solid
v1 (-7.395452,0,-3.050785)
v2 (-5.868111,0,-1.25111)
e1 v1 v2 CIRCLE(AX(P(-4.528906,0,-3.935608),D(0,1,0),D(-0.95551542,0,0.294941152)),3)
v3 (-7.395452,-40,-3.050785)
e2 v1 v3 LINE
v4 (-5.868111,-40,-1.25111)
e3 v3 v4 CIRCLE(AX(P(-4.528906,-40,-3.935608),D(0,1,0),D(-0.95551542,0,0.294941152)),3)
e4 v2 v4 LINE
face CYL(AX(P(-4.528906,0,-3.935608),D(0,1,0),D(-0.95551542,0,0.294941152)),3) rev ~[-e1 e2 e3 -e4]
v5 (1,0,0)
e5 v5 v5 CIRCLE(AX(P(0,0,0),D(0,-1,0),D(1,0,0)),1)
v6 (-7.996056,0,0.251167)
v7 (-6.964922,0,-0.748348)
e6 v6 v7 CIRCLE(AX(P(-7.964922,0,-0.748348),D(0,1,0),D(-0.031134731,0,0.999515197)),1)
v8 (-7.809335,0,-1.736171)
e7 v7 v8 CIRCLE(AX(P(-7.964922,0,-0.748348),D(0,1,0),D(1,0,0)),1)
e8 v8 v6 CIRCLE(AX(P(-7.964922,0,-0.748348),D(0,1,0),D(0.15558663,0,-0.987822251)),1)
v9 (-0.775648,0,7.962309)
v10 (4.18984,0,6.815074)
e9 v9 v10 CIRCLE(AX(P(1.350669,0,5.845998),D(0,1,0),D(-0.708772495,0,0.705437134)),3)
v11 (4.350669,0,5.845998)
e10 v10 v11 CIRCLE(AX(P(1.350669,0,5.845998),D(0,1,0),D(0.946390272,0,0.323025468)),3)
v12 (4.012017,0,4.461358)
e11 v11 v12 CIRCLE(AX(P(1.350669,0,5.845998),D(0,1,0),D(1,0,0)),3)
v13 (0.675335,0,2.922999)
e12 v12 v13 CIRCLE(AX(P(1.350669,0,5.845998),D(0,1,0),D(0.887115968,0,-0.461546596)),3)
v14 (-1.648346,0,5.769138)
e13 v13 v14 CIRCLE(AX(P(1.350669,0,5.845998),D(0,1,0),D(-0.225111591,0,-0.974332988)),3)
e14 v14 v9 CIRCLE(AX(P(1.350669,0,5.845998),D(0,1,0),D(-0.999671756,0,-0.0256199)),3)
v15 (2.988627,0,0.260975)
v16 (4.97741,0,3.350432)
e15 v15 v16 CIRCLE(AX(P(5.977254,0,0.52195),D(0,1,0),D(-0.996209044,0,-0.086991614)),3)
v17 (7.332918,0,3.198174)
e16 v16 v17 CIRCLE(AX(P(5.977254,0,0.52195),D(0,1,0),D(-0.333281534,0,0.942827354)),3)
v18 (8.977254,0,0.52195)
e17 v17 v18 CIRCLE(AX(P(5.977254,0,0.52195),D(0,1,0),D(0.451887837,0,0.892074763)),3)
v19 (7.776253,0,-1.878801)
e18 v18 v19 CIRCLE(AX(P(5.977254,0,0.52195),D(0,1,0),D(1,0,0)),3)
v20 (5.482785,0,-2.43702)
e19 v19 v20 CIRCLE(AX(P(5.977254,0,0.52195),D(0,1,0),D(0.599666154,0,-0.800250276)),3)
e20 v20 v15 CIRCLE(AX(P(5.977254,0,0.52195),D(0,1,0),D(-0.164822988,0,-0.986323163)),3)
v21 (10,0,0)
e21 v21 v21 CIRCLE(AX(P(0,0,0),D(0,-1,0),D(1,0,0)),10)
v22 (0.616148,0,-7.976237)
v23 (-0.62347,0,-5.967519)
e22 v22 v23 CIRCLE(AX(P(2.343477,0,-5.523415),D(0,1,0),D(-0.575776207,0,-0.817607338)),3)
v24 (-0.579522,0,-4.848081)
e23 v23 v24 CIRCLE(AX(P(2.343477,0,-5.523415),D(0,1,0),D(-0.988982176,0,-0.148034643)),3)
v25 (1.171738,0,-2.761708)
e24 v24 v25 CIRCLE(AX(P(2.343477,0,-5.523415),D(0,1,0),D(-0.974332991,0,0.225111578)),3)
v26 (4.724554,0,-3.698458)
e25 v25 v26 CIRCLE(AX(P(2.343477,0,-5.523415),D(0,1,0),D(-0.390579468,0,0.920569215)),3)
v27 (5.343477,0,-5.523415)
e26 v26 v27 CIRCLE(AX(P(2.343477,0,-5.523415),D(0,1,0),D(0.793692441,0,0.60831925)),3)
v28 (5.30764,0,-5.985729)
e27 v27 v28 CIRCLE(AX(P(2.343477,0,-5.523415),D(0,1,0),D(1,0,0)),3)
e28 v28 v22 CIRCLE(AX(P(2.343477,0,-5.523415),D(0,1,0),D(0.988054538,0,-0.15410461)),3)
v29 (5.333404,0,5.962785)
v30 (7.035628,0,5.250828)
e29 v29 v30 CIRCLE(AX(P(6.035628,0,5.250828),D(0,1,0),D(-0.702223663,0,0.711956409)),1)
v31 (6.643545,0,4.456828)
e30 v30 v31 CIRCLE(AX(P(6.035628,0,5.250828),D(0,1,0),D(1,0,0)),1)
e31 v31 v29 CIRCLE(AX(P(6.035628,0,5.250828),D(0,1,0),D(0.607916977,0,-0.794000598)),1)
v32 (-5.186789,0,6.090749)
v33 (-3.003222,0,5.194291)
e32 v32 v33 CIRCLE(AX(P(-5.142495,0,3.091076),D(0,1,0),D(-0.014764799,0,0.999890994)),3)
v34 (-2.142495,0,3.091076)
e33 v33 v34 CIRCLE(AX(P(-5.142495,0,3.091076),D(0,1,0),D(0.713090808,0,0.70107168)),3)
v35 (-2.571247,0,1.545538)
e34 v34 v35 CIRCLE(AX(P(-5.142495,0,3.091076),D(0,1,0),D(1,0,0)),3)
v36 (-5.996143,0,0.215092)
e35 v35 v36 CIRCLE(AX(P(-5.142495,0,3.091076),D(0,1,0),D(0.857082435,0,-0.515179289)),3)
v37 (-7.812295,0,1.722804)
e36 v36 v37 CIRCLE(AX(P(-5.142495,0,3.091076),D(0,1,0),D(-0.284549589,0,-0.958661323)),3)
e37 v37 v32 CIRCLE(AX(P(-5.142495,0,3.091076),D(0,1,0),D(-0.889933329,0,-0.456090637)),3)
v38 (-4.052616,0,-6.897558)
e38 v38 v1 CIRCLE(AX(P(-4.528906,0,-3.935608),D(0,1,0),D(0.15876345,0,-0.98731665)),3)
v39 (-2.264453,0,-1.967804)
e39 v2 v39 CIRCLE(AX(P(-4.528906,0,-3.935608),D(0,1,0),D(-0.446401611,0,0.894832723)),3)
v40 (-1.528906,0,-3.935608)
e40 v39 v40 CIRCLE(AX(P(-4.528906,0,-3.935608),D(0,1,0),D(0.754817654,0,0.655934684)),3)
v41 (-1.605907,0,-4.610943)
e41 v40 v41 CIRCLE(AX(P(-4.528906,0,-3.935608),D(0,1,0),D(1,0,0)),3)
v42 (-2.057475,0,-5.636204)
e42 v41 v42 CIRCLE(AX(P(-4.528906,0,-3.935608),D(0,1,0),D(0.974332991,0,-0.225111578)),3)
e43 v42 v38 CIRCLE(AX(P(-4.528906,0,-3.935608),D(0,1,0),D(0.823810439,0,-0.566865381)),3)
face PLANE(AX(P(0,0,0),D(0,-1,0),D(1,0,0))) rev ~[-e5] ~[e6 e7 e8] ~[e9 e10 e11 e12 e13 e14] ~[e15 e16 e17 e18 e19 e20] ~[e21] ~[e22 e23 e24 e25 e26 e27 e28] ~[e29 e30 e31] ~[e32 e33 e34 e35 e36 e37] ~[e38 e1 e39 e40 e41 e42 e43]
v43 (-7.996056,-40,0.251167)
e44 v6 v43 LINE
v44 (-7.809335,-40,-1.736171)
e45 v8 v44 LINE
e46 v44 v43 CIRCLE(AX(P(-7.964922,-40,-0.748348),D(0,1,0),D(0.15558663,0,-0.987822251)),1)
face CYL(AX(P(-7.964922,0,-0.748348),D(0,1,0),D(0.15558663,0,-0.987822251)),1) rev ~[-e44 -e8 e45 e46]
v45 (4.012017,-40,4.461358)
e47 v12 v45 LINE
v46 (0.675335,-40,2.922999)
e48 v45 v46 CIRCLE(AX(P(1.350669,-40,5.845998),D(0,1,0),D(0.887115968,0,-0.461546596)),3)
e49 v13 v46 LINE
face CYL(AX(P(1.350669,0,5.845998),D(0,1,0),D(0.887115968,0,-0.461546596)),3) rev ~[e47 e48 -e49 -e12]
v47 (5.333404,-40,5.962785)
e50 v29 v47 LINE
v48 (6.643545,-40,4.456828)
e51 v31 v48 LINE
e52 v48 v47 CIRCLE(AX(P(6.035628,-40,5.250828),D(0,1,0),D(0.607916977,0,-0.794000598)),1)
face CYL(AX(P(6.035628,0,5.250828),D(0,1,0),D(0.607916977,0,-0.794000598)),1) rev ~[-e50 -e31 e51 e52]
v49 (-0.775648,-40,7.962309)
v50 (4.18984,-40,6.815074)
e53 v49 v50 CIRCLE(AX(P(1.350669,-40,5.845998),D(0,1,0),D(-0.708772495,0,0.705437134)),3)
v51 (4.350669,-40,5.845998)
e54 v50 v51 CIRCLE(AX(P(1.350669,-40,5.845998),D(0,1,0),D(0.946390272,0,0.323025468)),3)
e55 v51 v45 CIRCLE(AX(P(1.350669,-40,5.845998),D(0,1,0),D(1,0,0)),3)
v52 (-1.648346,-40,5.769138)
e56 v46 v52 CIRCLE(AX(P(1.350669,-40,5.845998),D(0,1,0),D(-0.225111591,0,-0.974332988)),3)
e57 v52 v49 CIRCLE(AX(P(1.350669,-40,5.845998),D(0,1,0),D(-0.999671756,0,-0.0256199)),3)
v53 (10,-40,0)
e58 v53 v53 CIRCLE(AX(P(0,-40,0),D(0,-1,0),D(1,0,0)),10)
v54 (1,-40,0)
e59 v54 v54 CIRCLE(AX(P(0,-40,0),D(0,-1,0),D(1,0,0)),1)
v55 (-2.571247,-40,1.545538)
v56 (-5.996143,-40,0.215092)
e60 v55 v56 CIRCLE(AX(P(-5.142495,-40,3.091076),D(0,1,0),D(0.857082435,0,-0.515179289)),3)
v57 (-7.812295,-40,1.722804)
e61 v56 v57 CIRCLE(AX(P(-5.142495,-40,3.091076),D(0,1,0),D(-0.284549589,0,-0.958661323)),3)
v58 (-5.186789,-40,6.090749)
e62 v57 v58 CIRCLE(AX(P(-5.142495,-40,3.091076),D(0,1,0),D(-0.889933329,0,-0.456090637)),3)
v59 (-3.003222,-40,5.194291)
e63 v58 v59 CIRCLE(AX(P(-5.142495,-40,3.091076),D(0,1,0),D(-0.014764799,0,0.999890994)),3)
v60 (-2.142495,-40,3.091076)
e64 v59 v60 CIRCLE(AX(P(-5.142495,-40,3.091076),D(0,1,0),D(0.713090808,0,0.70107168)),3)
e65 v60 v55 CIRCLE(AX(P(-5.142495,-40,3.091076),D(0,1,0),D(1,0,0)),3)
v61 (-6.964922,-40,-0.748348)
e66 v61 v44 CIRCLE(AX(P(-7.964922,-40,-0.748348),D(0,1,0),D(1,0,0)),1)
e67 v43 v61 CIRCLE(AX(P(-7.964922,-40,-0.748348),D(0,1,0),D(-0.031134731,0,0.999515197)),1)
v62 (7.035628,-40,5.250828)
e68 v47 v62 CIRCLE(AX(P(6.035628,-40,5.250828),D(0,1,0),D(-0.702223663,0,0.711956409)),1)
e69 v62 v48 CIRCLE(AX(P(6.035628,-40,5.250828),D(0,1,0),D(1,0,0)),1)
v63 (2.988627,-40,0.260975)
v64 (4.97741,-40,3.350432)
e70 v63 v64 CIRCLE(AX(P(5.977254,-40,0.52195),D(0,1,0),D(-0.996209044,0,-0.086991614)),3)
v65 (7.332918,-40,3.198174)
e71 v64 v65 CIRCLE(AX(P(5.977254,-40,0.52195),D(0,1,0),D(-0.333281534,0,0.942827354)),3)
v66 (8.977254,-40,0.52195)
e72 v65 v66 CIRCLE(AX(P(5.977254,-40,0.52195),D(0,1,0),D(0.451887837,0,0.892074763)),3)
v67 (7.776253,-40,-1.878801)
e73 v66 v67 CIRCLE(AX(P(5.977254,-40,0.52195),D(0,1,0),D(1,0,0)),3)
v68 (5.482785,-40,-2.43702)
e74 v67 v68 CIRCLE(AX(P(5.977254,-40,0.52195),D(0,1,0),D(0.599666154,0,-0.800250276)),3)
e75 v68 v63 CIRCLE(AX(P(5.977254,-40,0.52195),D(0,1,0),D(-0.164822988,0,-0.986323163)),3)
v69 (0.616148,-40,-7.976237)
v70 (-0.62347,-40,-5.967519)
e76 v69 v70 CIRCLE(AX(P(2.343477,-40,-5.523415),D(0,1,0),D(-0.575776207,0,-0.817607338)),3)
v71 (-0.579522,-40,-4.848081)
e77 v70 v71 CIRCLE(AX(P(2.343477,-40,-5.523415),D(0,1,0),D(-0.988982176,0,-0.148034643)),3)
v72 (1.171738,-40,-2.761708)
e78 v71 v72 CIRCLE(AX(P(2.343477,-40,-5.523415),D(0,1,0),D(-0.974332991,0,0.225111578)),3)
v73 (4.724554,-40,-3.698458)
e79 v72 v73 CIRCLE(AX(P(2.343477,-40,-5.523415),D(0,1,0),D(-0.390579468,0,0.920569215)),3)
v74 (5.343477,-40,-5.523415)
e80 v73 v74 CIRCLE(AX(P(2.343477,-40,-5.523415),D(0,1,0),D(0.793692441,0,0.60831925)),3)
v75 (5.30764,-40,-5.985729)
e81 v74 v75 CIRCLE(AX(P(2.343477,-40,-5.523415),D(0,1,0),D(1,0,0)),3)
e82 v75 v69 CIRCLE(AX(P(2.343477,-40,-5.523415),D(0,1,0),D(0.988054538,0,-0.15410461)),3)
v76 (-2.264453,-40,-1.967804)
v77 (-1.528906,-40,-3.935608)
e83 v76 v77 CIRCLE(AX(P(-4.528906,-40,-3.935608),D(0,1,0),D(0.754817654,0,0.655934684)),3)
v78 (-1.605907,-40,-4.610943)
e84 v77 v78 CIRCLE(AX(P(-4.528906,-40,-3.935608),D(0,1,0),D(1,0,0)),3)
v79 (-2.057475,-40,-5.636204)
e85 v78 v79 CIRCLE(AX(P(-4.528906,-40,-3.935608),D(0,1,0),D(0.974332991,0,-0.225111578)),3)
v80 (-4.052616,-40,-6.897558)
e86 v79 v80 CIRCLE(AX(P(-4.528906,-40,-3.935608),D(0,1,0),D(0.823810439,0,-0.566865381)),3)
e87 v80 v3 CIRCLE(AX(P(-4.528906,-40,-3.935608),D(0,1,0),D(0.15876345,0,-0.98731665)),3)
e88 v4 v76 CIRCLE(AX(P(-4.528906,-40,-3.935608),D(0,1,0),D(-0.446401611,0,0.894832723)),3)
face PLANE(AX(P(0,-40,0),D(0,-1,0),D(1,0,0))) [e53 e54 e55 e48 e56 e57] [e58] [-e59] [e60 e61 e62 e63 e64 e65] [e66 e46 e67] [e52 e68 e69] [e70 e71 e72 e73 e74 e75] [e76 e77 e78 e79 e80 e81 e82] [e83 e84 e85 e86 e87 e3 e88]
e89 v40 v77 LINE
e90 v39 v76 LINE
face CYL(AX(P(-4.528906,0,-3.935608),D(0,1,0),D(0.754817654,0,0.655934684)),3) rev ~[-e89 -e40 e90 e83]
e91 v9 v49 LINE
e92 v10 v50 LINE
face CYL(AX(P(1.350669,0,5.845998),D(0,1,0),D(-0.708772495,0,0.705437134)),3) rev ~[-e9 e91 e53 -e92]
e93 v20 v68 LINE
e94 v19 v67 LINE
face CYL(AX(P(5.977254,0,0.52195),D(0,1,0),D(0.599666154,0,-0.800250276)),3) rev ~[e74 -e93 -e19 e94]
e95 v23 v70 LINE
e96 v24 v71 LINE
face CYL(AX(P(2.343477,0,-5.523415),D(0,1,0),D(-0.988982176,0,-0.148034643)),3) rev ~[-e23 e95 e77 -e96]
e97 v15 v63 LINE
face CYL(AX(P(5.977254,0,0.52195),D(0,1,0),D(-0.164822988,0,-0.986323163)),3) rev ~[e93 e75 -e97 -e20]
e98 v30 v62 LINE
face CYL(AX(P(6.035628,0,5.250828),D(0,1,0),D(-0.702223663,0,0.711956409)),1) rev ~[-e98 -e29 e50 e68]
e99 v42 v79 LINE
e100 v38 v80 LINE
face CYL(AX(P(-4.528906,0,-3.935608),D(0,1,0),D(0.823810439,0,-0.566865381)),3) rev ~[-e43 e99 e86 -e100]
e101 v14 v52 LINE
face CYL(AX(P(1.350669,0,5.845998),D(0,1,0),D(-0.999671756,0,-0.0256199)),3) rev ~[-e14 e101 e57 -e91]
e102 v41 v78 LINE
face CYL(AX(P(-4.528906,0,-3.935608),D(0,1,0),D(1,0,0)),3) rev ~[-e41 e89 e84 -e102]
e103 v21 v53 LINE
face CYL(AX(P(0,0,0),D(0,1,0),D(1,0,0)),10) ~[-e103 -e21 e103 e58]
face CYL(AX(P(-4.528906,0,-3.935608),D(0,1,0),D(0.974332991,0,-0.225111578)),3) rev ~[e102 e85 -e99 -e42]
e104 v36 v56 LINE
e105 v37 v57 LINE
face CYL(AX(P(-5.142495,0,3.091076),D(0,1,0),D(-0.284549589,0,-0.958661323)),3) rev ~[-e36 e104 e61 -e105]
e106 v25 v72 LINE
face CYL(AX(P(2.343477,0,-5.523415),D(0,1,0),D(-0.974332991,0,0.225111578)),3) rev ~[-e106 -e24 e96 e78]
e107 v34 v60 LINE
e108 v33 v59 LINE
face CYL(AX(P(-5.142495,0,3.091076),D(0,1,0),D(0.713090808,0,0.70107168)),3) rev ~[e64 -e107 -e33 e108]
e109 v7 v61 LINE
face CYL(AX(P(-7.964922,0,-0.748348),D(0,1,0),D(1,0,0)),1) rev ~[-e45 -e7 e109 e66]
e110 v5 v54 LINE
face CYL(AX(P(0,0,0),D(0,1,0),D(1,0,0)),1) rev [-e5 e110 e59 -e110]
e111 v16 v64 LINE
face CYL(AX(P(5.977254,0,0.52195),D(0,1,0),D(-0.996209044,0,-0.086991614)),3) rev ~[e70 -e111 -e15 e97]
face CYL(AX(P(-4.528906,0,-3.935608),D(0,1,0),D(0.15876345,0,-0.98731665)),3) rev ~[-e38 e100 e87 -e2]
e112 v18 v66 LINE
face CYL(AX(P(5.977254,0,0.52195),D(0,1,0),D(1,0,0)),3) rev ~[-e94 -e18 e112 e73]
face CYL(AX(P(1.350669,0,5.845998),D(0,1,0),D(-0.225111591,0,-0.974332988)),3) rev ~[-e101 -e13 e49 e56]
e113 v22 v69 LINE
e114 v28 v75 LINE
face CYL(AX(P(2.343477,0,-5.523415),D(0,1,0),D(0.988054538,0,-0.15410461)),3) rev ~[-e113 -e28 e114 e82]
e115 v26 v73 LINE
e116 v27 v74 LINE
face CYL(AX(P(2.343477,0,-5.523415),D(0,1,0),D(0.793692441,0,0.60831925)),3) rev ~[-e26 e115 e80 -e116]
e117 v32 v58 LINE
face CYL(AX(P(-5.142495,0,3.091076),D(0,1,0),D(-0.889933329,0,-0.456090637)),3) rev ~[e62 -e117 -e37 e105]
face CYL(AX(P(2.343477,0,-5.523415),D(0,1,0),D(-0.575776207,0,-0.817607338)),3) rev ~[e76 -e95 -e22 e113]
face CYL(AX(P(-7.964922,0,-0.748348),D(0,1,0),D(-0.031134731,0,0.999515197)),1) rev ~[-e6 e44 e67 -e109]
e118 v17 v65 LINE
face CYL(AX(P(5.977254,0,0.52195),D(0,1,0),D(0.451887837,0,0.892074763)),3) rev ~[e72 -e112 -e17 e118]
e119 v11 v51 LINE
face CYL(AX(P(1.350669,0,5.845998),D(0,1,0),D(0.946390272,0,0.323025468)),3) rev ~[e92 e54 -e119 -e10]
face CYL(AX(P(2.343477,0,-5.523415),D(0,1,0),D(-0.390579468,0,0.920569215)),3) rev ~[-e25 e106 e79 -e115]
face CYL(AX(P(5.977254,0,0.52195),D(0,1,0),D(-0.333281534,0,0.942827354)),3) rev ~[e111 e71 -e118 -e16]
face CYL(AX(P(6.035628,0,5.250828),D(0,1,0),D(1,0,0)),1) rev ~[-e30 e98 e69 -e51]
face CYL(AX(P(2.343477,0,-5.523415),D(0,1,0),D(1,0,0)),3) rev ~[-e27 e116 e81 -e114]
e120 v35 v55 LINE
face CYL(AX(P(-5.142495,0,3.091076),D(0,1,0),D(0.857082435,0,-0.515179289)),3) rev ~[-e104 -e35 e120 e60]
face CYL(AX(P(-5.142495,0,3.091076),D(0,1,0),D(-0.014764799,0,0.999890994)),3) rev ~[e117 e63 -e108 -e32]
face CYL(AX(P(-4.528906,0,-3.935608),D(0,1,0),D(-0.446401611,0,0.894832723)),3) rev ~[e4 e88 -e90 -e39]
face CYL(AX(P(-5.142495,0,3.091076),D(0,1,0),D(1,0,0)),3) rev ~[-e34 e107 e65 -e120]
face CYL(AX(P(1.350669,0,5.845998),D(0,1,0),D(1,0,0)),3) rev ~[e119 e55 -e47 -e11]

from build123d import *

# Parameters (mm, degrees)
F0_R     = 10
F0_R_2   = 1
F1_DEPTH = 40


with BuildPart() as f1:
    # F0 (on Front) → F1 (new body)
    with BuildSketch(Plane.XZ):
        Circle(F0_R)
        with BuildLine():
            ThreePointArc((6.6435448727, 4.4568275179), (7.0165111824, 3.8429898293), (7.3329177707, 3.1981740052))
            ThreePointArc((7.3329177707, 3.1981740052), (8.5333245383, 2.0924606947), (8.9772542605, 0.5219497159))
            ThreePointArc((8.9772542605, 0.5219497159), (8.6602558801, -0.8202508315), (7.776252721, -1.8788011123))
            ThreePointArc((7.776252721, -1.8788011123), (6.8566594958, -4.1214342842), (5.3076404374, -5.9857291107))
            ThreePointArc((5.3076404374, -5.9857291107), (3.5152152369, -8.2851229223), (0.6161482026, -7.9762372954))
            ThreePointArc((0.6161482026, -7.9762372954), (-1.8008926237, -7.7946639285), (-4.0526155804, -6.8975580431))
            ThreePointArc((-4.0526155804, -6.8975580431), (-6.7933588965, -5.9034121407), (-7.3954521896, -3.0507846385))
            ThreePointArc((-7.3954521896, -3.0507846385), (-7.630756176, -2.4024071642), (-7.8093348718, -1.7361707463))
            ThreePointArc((-7.8093348718, -1.7361707463), (-8.9605366896, -0.8418920566), (-7.9960562334, 0.251166702))
            ThreePointArc((-7.9960562334, 0.251166702), (-7.9383510901, 0.9912527276), (-7.8122946094, 1.7228038007))
            ThreePointArc((-7.8122946094, 1.7228038007), (-7.7137419327, 4.6366135697), (-5.186789018, 6.0907486964))
            ThreePointArc((-5.186789018, 6.0907486964), (-3.1246357662, 7.3645537087), (-0.7756480184, 7.9623093479))
            ThreePointArc((-0.7756480184, 7.9623093479), (2.0260042016, 8.7689969195), (4.189840284, 6.8150743499))
            ThreePointArc((4.189840284, 6.8150743499), (4.7806533049, 6.4144644343), (5.3334042334, 5.9627845243))
            ThreePointArc((5.3334042334, 5.9627845243), (6.4214881928, 6.1733853396), (7.035627896, 5.2508281158))
            ThreePointArc((7.035627896, 5.2508281158), (6.9322652186, 4.8080623632), (6.6435448727, 4.4568275179))
        make_face(mode=Mode.SUBTRACT)
        with BuildLine():
            ThreePointArc((-2.5712473173, 1.5455378459), (-1.1717384371, 2.7617076302), (0.6753346935, 2.9229989825))
            ThreePointArc((0.6753346935, 2.9229989825), (-0.9731935316, 3.9487207499), (-1.6483458018, 5.7691382474))
            ThreePointArc((-1.6483458018, 5.7691382474), (-2.3434768246, 5.5234152815), (-3.0032221992, 5.1942907526))
            ThreePointArc((-3.0032221992, 5.1942907526), (-2.3660024763, 4.2273377279), (-2.1424946218, 3.0910757132))
            ThreePointArc((-2.1424946218, 3.0910757132), (-2.2516693146, 2.2891224456), (-2.5712473173, 1.5455378459))
        make_face()
        with BuildLine():
            ThreePointArc((0.6753346935, 2.9229989825), (2.2644529469, 1.9678040683), (2.9886271289, 0.2609748731))
            ThreePointArc((2.9886271289, 0.2609748731), (3.454723253, 2.1457838566), (4.9774096583, 3.3504317772))
            ThreePointArc((4.9774096583, 3.3504317772), (4.528905931, 3.9356080938), (4.0120173703, 4.4613581587))
            ThreePointArc((4.0120173703, 4.4613581587), (2.6067344642, 3.1216079734), (0.6753346935, 2.9229989825))
        make_face()
        with BuildLine():
            ThreePointArc((2.9886271289, 0.2609748731), (2.9971554336, 0.1306112807), (3, 0))
            ThreePointArc((3, 0), (2.5015210631, -1.6560170201), (1.1717384193, -2.7617076378))
            ThreePointArc((1.1717384193, -2.7617076378), (3.1083299118, -2.6225533829), (4.7245541465, -3.6984575321))
            ThreePointArc((4.7245541465, -3.6984575321), (5.1424946218, -3.0910757132), (5.4827852975, -2.4370197745))
            ThreePointArc((5.4827852975, -2.4370197745), (3.7743508626, -1.5145218945), (2.9886271289, 0.2609748731))
        make_face()
        with BuildLine():
            ThreePointArc((-0.5795221486, -4.8480805477), (0.0456612251, -3.5946738602), (1.1717384193, -2.7617076378))
            ThreePointArc((1.1717384193, -2.7617076378), (-0.675334733, -2.9229989734), (-2.2644529693, -1.9678040425))
            ThreePointArc((-2.2644529693, -1.9678040425), (-1.7188028292, -2.8852174249), (-1.528905931, -3.9356080938))
            ThreePointArc((-1.528905931, -3.9356080938), (-1.5482183493, -4.2754632692), (-1.6059069578, -4.6109428277))
            Line((-1.6059069578, -4.6109428277), (-0.5795221486, -4.8480805477))
        make_face()
        with BuildLine():
            ThreePointArc((-0.6234697034, -5.9675192106), (-0.654213992, -5.4057302436), (-0.5795221486, -4.8480805477))
            Line((-0.5795221486, -4.8480805477), (-1.6059069578, -4.6109428277))
            ThreePointArc((-1.6059069578, -4.6109428277), (-1.783407838, -5.1448393461), (-2.057474614, -5.636204238))
            ThreePointArc((-2.057474614, -5.636204238), (-1.3506694677, -5.8459979464), (-0.6234697034, -5.9675192106))
        make_face()
        with BuildLine():
            ThreePointArc((0.6161482026, -7.9762372954), (-0.2095198229, -7.0989177785), (-0.6234697034, -5.9675192106))
            ThreePointArc((-0.6234697034, -5.9675192106), (-1.3506694677, -5.8459979464), (-2.057474614, -5.636204238))
            ThreePointArc((-2.057474614, -5.636204238), (-2.9257780157, -6.4713487918), (-4.0526155804, -6.8975580431))
            ThreePointArc((-4.0526155804, -6.8975580431), (-1.8008926237, -7.7946639285), (0.6161482026, -7.9762372954))
        make_face()
        with BuildLine():
            ThreePointArc((-5.8681107652, -1.2511099262), (-3.9437276347, -0.993233821), (-2.2644529693, -1.9678040425))
            ThreePointArc((-2.2644529693, -1.9678040425), (-2.9886271299, -0.2609748613), (-2.5712473173, 1.5455378459))
            ThreePointArc((-2.5712473173, 1.5455378459), (-4.0561899268, 0.2946597731), (-5.996143389, 0.2150917455))
            ThreePointArc((-5.996143389, 0.2150917455), (-5.9772542605, -0.5219497159), (-5.8681107652, -1.2511099262))
        make_face()
        with BuildLine():
            ThreePointArc((-7.3954521896, -3.0507846385), (-6.8162171978, -1.9944210424), (-5.8681107652, -1.2511099262))
            ThreePointArc((-5.8681107652, -1.2511099262), (-5.9772542605, -0.5219497159), (-5.996143389, 0.2150917455))
            ThreePointArc((-5.996143389, 0.2150917455), (-7.0587335663, 0.7828234939), (-7.8122946094, 1.7228038007))
            ThreePointArc((-7.8122946094, 1.7228038007), (-7.9383510901, 0.9912527276), (-7.9960562334, 0.251166702))
            ThreePointArc((-7.9960562334, 0.251166702), (-7.2689095521, -0.0303182964), (-6.9649215018, -0.7483484948))
            ThreePointArc((-6.9649215018, -0.7483484948), (-7.2047943315, -1.3981228287), (-7.8093348718, -1.7361707463))
            ThreePointArc((-7.8093348718, -1.7361707463), (-7.630756176, -2.4024071642), (-7.3954521896, -3.0507846385))
        make_face()
        with BuildLine():
            ThreePointArc((7.776252721, -1.8788011123), (6.686726826, -2.3929514281), (5.4827852975, -2.4370197745))
            ThreePointArc((5.4827852975, -2.4370197745), (5.1424946218, -3.0910757132), (4.7245541465, -3.6984575321))
            ThreePointArc((4.7245541465, -3.6984575321), (5.1845357791, -4.5598884178), (5.3434768246, -5.5234152815))
            ThreePointArc((5.3434768246, -5.5234152815), (5.3345043101, -5.755265623), (5.3076404374, -5.9857291107))
            ThreePointArc((5.3076404374, -5.9857291107), (6.8566594958, -4.1214342842), (7.776252721, -1.8788011123))
        make_face()
        with BuildLine():
            ThreePointArc((4.0120173703, 4.4613581587), (4.528905931, 3.9356080938), (4.9774096583, 3.3504317772))
            ThreePointArc((4.9774096583, 3.3504317772), (6.1707675187, 3.51570198), (7.3329177707, 3.1981740052))
            ThreePointArc((7.3329177707, 3.1981740052), (7.0165111824, 3.8429898293), (6.6435448727, 4.4568275179))
            ThreePointArc((6.6435448727, 4.4568275179), (5.281174409, 4.5944746013), (5.3334042334, 5.9627845243))
            ThreePointArc((5.3334042334, 5.9627845243), (4.7806533049, 6.4144644343), (4.189840284, 6.8150743499))
            ThreePointArc((4.189840284, 6.8150743499), (4.3101890613, 6.3371636776), (4.3506694677, 5.8459979464))
            ThreePointArc((4.3506694677, 5.8459979464), (4.2647768532, 5.1332720901), (4.0120173703, 4.4613581587))
        make_face()
        with BuildLine():
            ThreePointArc((1.1717384193, -2.7617076378), (2.5015210631, -1.6560170201), (3, 0))
            ThreePointArc((3, 0), (2.9971554336, 0.1306112807), (2.9886271289, 0.2609748731))
            ThreePointArc((2.9886271289, 0.2609748731), (2.2644529469, 1.9678040683), (0.6753346935, 2.9229989825))
            ThreePointArc((0.6753346935, 2.9229989825), (-1.1717384371, 2.7617076302), (-2.5712473173, 1.5455378459))
            ThreePointArc((-2.5712473173, 1.5455378459), (-2.9886271299, -0.2609748613), (-2.2644529693, -1.9678040425))
            ThreePointArc((-2.2644529693, -1.9678040425), (-0.675334733, -2.9229989734), (1.1717384193, -2.7617076378))
        make_face()
        Circle(F0_R_2, mode=Mode.SUBTRACT)
        with BuildLine():
            ThreePointArc((-3.0032221992, 5.1942907526), (-2.3434768246, 5.5234152815), (-1.6483458018, 5.7691382474))
            ThreePointArc((-1.6483458018, 5.7691382474), (-1.4367592458, 6.9551603182), (-0.7756480184, 7.9623093479))
            ThreePointArc((-0.7756480184, 7.9623093479), (-3.1246357662, 7.3645537087), (-5.186789018, 6.0907486964))
            ThreePointArc((-5.186789018, 6.0907486964), (-4.0031340801, 5.8662977864), (-3.0032221992, 5.1942907526))
        make_face()
    extrude(amount=F1_DEPTH)


solid = f1.part
